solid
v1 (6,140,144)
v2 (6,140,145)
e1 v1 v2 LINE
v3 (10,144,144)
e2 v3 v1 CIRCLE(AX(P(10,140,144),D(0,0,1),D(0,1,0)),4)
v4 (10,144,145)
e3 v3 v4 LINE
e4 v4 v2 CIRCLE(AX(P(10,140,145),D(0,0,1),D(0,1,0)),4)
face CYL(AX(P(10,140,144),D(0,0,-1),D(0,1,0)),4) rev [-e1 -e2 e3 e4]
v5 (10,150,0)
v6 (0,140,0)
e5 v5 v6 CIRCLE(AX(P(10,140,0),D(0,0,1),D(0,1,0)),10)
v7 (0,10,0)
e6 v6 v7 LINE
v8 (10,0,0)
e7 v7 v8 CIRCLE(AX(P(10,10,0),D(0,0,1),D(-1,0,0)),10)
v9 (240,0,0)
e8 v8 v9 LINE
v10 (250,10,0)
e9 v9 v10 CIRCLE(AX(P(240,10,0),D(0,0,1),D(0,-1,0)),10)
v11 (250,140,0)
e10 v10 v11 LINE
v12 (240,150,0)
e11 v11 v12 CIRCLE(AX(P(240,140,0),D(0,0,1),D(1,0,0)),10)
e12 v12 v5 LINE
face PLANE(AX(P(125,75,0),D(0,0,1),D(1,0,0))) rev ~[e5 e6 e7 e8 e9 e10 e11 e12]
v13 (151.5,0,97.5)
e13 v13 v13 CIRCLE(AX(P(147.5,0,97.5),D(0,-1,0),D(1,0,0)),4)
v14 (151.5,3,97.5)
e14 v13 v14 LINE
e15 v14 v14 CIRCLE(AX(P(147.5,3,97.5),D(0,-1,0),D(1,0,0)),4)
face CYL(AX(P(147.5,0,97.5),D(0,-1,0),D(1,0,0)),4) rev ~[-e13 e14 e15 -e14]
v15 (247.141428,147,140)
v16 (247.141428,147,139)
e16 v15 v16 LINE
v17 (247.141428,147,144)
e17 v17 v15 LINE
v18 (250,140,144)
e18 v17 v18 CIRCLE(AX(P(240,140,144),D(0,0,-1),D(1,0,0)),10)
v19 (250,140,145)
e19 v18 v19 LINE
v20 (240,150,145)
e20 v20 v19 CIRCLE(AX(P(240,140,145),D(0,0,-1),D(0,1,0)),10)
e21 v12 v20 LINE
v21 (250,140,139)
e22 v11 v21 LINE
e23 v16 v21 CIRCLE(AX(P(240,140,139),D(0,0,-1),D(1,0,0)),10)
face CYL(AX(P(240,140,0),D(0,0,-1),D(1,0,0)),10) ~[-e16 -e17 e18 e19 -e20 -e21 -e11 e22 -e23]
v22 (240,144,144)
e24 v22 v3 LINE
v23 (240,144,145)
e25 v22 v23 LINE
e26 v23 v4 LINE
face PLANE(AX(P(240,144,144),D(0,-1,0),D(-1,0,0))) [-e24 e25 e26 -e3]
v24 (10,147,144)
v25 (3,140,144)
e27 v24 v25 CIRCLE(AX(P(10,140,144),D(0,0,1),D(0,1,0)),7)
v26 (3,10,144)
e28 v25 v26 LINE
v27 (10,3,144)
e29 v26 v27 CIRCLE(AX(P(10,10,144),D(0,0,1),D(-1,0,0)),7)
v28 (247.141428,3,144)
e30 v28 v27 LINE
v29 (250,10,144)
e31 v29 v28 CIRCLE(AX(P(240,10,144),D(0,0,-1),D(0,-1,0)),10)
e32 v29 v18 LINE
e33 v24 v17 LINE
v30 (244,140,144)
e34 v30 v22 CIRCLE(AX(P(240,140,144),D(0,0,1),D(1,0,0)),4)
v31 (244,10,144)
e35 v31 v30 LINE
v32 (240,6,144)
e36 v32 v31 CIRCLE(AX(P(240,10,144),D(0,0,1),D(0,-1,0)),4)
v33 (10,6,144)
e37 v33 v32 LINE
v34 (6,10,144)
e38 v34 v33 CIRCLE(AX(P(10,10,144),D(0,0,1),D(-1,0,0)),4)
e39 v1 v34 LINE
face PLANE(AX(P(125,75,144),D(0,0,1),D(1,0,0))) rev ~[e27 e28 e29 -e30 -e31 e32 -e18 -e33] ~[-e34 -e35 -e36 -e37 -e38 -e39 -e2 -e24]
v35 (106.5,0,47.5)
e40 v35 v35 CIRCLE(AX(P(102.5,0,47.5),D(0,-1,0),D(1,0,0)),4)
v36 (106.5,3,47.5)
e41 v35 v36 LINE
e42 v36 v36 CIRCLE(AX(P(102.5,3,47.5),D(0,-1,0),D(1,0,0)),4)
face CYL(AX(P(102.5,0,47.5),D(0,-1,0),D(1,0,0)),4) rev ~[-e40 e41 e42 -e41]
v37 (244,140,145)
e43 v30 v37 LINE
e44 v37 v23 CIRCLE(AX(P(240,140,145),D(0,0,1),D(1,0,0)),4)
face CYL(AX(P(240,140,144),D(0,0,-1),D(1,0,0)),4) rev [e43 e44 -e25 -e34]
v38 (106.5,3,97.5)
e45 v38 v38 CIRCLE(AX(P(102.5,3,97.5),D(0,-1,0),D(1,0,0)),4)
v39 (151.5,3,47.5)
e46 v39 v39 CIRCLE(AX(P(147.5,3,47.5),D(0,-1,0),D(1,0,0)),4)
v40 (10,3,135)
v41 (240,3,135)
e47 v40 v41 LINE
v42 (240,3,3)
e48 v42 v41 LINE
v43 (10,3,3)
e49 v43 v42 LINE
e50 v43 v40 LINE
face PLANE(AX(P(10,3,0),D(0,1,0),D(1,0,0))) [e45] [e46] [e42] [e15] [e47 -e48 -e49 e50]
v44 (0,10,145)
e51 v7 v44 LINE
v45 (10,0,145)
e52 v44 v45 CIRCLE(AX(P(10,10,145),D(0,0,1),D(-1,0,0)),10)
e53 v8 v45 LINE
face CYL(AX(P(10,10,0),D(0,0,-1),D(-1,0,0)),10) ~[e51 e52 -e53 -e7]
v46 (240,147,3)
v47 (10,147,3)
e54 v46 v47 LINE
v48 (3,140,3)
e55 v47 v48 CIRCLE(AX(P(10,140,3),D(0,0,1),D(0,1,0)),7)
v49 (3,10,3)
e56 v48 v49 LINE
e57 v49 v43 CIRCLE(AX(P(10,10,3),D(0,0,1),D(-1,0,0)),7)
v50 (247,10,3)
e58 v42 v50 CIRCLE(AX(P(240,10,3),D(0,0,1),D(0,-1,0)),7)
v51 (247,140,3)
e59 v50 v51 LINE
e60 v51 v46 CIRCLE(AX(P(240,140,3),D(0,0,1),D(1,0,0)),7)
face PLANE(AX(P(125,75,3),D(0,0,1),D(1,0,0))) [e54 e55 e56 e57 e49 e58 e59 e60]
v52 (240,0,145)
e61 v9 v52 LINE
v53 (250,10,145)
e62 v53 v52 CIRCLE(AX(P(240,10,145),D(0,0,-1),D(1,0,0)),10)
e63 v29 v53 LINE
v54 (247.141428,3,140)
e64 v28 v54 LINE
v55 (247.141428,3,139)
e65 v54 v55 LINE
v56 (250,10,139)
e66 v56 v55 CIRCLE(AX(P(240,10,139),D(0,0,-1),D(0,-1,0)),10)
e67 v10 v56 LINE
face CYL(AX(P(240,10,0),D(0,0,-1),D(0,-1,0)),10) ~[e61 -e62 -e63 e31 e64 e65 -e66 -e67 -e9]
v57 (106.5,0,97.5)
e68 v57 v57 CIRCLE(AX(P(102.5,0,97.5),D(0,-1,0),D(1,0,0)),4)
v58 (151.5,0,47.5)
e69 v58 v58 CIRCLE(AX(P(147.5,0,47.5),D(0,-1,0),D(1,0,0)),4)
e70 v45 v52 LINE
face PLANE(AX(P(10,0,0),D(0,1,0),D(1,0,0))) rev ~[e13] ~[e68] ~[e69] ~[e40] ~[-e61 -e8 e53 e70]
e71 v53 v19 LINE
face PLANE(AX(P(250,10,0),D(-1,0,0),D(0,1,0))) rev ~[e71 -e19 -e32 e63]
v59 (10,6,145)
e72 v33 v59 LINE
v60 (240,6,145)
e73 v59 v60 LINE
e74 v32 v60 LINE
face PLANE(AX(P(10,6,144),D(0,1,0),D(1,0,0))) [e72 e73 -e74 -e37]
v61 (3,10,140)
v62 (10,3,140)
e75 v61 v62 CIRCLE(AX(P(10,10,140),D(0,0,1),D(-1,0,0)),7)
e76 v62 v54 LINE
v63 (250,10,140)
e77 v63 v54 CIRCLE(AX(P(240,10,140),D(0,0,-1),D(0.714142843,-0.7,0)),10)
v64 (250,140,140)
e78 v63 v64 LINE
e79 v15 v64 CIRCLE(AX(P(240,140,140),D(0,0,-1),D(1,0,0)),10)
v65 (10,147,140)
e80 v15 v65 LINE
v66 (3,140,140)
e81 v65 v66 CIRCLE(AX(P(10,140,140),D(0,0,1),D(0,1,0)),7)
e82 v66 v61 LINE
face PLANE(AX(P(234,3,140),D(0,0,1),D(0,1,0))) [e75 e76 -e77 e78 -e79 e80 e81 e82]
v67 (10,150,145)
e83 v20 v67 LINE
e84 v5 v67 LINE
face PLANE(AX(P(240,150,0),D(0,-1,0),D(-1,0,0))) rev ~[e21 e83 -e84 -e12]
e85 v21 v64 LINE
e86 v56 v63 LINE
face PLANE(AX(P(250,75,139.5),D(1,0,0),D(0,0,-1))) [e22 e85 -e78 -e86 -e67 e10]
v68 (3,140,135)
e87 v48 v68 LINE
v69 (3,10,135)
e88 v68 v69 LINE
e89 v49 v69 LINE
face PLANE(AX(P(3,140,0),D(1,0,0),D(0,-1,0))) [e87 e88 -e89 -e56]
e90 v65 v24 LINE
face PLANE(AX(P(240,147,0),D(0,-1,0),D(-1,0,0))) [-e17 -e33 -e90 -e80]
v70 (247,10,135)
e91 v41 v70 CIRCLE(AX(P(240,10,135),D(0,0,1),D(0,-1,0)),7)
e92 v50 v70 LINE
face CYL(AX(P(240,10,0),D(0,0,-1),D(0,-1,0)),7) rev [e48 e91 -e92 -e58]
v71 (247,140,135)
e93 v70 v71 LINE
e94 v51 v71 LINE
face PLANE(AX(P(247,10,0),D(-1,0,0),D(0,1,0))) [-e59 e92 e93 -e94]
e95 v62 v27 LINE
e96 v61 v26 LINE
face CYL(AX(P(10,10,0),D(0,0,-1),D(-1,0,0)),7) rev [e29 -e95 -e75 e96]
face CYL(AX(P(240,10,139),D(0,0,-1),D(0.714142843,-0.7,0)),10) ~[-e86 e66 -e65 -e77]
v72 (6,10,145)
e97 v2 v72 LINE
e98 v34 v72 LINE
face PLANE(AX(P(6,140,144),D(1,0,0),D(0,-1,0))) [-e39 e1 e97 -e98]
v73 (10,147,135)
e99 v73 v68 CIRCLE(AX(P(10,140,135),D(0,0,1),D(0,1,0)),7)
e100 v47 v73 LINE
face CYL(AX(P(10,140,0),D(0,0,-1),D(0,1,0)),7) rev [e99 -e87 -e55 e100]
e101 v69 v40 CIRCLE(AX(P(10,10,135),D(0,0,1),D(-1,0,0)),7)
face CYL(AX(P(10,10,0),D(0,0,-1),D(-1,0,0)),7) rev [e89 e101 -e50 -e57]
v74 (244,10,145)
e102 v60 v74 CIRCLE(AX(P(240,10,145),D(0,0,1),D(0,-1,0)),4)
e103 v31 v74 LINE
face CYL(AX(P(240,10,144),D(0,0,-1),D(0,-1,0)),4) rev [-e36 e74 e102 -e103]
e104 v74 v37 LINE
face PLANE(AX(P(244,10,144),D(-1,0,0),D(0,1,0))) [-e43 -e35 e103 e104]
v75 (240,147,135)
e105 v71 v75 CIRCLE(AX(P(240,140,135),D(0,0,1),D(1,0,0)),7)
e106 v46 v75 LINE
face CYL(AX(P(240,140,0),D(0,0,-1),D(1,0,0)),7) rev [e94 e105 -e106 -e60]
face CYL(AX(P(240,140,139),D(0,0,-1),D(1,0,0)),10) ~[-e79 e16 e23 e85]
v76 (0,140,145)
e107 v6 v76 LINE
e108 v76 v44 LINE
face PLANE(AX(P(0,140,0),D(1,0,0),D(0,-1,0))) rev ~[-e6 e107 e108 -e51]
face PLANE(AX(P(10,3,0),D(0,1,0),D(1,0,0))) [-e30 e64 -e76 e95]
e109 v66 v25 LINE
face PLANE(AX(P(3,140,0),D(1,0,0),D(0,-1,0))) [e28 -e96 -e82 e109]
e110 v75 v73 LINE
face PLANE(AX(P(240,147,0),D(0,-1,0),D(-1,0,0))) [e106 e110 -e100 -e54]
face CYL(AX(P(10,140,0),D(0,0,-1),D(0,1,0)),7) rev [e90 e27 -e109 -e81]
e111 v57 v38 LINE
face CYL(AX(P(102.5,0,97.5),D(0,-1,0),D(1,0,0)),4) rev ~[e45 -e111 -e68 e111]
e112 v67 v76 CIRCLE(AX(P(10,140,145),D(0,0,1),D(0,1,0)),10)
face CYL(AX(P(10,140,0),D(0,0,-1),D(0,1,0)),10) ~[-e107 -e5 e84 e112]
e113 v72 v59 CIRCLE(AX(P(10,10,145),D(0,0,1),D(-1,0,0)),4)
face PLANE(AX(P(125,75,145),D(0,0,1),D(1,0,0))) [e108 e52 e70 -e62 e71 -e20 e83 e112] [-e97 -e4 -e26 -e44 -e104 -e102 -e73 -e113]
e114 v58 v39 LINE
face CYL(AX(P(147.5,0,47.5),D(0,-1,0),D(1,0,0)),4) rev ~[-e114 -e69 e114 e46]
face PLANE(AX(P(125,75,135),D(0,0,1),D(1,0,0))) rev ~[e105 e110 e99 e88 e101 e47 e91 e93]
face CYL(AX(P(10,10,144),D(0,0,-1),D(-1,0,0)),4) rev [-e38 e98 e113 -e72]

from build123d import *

# Parameters (mm, degrees)
BOSS_EXTRUDE1_DEPTH = 150
SHELL2_T            = -3
BOSS_EXTRUDE2_DEPTH = 3
CUT_EXTRUDE1_DEPTH  = 5
BOSS_EXTRUDE3_DEPTH = 5
BOSS_EXTRUDE4_DEPTH = 1
SKETCH10_W          = 5
SKETCH10_H          = 144
CUT_EXTRUDE2_DEPTH  = 8
SKETCH11_W          = 5
SKETCH11_H          = 144
CUT_EXTRUDE3_DEPTH  = 8
SKETCH12_W          = 1
SKETCH12_H          = 144
BOSS_EXTRUDE5_DEPTH = 16
CUT_EXTRUDE4_DEPTH  = 8
CUT_EXTRUDE5_DEPTH  = 8
SKETCH15_R          = 4
CUT_EXTRUDE13_DEPTH = 9


with BuildPart() as part:
    # Sketch2 → Boss-Extrude1 (new body)
    with BuildSketch(Plane.XY):
        with BuildLine():
            Line((10, 0), (240, 0))
            ThreePointArc((240, 0), (247.071067812, 2.928932188), (250, 10))
            Line((250, 10), (250, 140))
            ThreePointArc((250, 140), (247.071067812, 147.071067812), (240, 150))
            Line((240, 150), (10, 150))
            ThreePointArc((10, 150), (2.928932188, 147.071067812), (0, 140))
            Line((0, 140), (0, 10))
            ThreePointArc((0, 10), (2.928932188, 2.928932188), (10, 0))
        make_face()
    extrude(amount=BOSS_EXTRUDE1_DEPTH)

    # Shell2
    shell2_openings = [part.faces().sort_by_distance(p)[0] for p in [
        (125, 75, 0),
    ]]
    offset(amount=SHELL2_T, openings=shell2_openings, kind=Kind.INTERSECTION)

    # Sketch4 → Boss-Extrude2 (add)
    with BuildSketch(Plane(origin=(0, 0, 0), x_dir=(-1, 0, 0), z_dir=(0, 0, -1))):
        with BuildLine():
            Line((-10, 3), (-240, 3))
            ThreePointArc((-240, 3), (-244.949747468, 5.050252532), (-247, 10))
            Line((-247, 10), (-247, 140))
            ThreePointArc((-247, 140), (-244.949747468, 144.949747468), (-240, 147))
            Line((-240, 147), (-10, 147))
            ThreePointArc((-10, 147), (-5.050252532, 144.949747468), (-3, 140))
            Line((-3, 140), (-3, 10))
            ThreePointArc((-3, 10), (-5.050252532, 5.050252532), (-10, 3))
        make_face()
    extrude(amount=-BOSS_EXTRUDE2_DEPTH)

    # Sketch5 → Cut-Extrude1 (cut)
    with BuildSketch(Plane.XY.offset(150)):
        with BuildLine():
            Line((240, 150), (10, 150))
            ThreePointArc((10, 150), (2.928932188, 147.071067812), (0, 140))
            Line((0, 140), (0, 10))
            ThreePointArc((0, 10), (2.928932188, 2.928932188), (10, 0))
            Line((10, 0), (240, 0))
            ThreePointArc((240, 0), (247.071067812, 2.928932188), (250, 10))
            Line((250, 10), (250, 140))
            ThreePointArc((250, 140), (247.071067812, 147.071067812), (240, 150))
        make_face()
    extrude(amount=-CUT_EXTRUDE1_DEPTH, mode=Mode.SUBTRACT)

    # Sketch6 → Boss-Extrude3 (add)
    with BuildSketch(Plane.XY.offset(135)):
        with BuildLine():
            Line((10, 3), (240, 3))
            ThreePointArc((240, 3), (244.949747468, 5.050252532), (247, 10))
            Line((247, 10), (247, 140))
            ThreePointArc((247, 140), (244.949747468, 144.949747468), (240, 147))
            Line((240, 147), (10, 147))
            ThreePointArc((10, 147), (5.050252532, 144.949747468), (3, 140))
            Line((3, 140), (3, 10))
            ThreePointArc((3, 10), (5.050252532, 5.050252532), (10, 3))
        make_face()
    extrude(amount=BOSS_EXTRUDE3_DEPTH)

    # Sketch7 → Boss-Extrude4 (add)
    with BuildSketch(Plane.XY.offset(144)):
        with BuildLine():
            Line((10, 3), (240, 3))
            ThreePointArc((240, 3), (244.949747468, 5.050252532), (247, 10))
            Line((247, 10), (247, 140))
            ThreePointArc((247, 140), (244.949747468, 144.949747468), (240, 147))
            Line((240, 147), (10, 147))
            ThreePointArc((10, 147), (5.050252532, 144.949747468), (3, 140))
            Line((3, 140), (3, 10))
            ThreePointArc((3, 10), (5.050252532, 5.050252532), (10, 3))
        make_face()
        with BuildLine():
            Line((6, 140), (6, 10))
            ThreePointArc((6, 10), (7.171572875, 7.171572875), (10, 6))
            Line((10, 6), (240, 6))
            ThreePointArc((240, 6), (242.828427125, 7.171572875), (244, 10))
            Line((244, 10), (244, 140))
            ThreePointArc((244, 140), (242.828427125, 142.828427125), (240, 144))
            Line((240, 144), (10, 144))
            ThreePointArc((10, 144), (7.171572875, 142.828427125), (6, 140))
        make_face(mode=Mode.SUBTRACT)
    extrude(amount=BOSS_EXTRUDE4_DEPTH)

    # Sketch10 → Cut-Extrude2 (cut)
    with BuildSketch(Plane(origin=(250, 0, 0), x_dir=(0, 0, -1), z_dir=(1, 0, 0))):
        with Locations((-141.5, 75)):
            Rectangle(SKETCH10_W, SKETCH10_H)
    extrude(amount=-CUT_EXTRUDE2_DEPTH, mode=Mode.SUBTRACT)

    # Sketch11 → Cut-Extrude3 (cut)
    with BuildSketch(Plane(origin=(242, 0, 0), x_dir=(0, 0, -1), z_dir=(1, 0, 0))):
        with Locations((-141.5, 75)):
            Rectangle(SKETCH11_W, SKETCH11_H)
    extrude(amount=-CUT_EXTRUDE3_DEPTH, mode=Mode.SUBTRACT)

    # Sketch12 → Boss-Extrude5 (add)
    with BuildSketch(Plane(origin=(234, 0, 0), x_dir=(0, 0, -1), z_dir=(1, 0, 0))):
        with Locations((-139.5, 75)):
            Rectangle(SKETCH12_W, SKETCH12_H)
    extrude(amount=BOSS_EXTRUDE5_DEPTH)

    # Sketch13 → Cut-Extrude4 (cut)
    with BuildSketch(Plane(origin=(0, 0, 139), x_dir=(-1, 0, 0), z_dir=(0, 0, -1))):
        with BuildLine():
            Line((-250, 3), (-247.141428429, 3))
            ThreePointArc((-247.141428429, 3), (-249.257815193, 6.219410382), (-250, 10))
            Line((-250, 10), (-250, 3))
        make_face()
    extrude(amount=-CUT_EXTRUDE4_DEPTH, mode=Mode.SUBTRACT)

    # Sketch14 → Cut-Extrude5 (cut)
    with BuildSketch(Plane(origin=(0, 0, 139), x_dir=(-1, 0, 0), z_dir=(0, 0, -1))):
        with BuildLine():
            Line((-250, 147), (-250, 140))
            ThreePointArc((-250, 140), (-249.257815193, 143.780589618), (-247.141428429, 147))
            Line((-247.141428429, 147), (-250, 147))
        make_face()
    extrude(amount=-CUT_EXTRUDE5_DEPTH, mode=Mode.SUBTRACT)

    # Sketch15 → Cut-Extrude13 (cut)
    with BuildSketch(Plane.XZ):
        with Locations((102.5, 97.5)):
            Circle(SKETCH15_R)
        with Locations((102.5, 47.5)):
            Circle(SKETCH15_R)
        with Locations((147.5, 47.5)):
            Circle(SKETCH15_R)
        with Locations((147.5, 97.5)):
            Circle(SKETCH15_R)
    extrude(amount=-CUT_EXTRUDE13_DEPTH, mode=Mode.SUBTRACT)


solid = part.part
